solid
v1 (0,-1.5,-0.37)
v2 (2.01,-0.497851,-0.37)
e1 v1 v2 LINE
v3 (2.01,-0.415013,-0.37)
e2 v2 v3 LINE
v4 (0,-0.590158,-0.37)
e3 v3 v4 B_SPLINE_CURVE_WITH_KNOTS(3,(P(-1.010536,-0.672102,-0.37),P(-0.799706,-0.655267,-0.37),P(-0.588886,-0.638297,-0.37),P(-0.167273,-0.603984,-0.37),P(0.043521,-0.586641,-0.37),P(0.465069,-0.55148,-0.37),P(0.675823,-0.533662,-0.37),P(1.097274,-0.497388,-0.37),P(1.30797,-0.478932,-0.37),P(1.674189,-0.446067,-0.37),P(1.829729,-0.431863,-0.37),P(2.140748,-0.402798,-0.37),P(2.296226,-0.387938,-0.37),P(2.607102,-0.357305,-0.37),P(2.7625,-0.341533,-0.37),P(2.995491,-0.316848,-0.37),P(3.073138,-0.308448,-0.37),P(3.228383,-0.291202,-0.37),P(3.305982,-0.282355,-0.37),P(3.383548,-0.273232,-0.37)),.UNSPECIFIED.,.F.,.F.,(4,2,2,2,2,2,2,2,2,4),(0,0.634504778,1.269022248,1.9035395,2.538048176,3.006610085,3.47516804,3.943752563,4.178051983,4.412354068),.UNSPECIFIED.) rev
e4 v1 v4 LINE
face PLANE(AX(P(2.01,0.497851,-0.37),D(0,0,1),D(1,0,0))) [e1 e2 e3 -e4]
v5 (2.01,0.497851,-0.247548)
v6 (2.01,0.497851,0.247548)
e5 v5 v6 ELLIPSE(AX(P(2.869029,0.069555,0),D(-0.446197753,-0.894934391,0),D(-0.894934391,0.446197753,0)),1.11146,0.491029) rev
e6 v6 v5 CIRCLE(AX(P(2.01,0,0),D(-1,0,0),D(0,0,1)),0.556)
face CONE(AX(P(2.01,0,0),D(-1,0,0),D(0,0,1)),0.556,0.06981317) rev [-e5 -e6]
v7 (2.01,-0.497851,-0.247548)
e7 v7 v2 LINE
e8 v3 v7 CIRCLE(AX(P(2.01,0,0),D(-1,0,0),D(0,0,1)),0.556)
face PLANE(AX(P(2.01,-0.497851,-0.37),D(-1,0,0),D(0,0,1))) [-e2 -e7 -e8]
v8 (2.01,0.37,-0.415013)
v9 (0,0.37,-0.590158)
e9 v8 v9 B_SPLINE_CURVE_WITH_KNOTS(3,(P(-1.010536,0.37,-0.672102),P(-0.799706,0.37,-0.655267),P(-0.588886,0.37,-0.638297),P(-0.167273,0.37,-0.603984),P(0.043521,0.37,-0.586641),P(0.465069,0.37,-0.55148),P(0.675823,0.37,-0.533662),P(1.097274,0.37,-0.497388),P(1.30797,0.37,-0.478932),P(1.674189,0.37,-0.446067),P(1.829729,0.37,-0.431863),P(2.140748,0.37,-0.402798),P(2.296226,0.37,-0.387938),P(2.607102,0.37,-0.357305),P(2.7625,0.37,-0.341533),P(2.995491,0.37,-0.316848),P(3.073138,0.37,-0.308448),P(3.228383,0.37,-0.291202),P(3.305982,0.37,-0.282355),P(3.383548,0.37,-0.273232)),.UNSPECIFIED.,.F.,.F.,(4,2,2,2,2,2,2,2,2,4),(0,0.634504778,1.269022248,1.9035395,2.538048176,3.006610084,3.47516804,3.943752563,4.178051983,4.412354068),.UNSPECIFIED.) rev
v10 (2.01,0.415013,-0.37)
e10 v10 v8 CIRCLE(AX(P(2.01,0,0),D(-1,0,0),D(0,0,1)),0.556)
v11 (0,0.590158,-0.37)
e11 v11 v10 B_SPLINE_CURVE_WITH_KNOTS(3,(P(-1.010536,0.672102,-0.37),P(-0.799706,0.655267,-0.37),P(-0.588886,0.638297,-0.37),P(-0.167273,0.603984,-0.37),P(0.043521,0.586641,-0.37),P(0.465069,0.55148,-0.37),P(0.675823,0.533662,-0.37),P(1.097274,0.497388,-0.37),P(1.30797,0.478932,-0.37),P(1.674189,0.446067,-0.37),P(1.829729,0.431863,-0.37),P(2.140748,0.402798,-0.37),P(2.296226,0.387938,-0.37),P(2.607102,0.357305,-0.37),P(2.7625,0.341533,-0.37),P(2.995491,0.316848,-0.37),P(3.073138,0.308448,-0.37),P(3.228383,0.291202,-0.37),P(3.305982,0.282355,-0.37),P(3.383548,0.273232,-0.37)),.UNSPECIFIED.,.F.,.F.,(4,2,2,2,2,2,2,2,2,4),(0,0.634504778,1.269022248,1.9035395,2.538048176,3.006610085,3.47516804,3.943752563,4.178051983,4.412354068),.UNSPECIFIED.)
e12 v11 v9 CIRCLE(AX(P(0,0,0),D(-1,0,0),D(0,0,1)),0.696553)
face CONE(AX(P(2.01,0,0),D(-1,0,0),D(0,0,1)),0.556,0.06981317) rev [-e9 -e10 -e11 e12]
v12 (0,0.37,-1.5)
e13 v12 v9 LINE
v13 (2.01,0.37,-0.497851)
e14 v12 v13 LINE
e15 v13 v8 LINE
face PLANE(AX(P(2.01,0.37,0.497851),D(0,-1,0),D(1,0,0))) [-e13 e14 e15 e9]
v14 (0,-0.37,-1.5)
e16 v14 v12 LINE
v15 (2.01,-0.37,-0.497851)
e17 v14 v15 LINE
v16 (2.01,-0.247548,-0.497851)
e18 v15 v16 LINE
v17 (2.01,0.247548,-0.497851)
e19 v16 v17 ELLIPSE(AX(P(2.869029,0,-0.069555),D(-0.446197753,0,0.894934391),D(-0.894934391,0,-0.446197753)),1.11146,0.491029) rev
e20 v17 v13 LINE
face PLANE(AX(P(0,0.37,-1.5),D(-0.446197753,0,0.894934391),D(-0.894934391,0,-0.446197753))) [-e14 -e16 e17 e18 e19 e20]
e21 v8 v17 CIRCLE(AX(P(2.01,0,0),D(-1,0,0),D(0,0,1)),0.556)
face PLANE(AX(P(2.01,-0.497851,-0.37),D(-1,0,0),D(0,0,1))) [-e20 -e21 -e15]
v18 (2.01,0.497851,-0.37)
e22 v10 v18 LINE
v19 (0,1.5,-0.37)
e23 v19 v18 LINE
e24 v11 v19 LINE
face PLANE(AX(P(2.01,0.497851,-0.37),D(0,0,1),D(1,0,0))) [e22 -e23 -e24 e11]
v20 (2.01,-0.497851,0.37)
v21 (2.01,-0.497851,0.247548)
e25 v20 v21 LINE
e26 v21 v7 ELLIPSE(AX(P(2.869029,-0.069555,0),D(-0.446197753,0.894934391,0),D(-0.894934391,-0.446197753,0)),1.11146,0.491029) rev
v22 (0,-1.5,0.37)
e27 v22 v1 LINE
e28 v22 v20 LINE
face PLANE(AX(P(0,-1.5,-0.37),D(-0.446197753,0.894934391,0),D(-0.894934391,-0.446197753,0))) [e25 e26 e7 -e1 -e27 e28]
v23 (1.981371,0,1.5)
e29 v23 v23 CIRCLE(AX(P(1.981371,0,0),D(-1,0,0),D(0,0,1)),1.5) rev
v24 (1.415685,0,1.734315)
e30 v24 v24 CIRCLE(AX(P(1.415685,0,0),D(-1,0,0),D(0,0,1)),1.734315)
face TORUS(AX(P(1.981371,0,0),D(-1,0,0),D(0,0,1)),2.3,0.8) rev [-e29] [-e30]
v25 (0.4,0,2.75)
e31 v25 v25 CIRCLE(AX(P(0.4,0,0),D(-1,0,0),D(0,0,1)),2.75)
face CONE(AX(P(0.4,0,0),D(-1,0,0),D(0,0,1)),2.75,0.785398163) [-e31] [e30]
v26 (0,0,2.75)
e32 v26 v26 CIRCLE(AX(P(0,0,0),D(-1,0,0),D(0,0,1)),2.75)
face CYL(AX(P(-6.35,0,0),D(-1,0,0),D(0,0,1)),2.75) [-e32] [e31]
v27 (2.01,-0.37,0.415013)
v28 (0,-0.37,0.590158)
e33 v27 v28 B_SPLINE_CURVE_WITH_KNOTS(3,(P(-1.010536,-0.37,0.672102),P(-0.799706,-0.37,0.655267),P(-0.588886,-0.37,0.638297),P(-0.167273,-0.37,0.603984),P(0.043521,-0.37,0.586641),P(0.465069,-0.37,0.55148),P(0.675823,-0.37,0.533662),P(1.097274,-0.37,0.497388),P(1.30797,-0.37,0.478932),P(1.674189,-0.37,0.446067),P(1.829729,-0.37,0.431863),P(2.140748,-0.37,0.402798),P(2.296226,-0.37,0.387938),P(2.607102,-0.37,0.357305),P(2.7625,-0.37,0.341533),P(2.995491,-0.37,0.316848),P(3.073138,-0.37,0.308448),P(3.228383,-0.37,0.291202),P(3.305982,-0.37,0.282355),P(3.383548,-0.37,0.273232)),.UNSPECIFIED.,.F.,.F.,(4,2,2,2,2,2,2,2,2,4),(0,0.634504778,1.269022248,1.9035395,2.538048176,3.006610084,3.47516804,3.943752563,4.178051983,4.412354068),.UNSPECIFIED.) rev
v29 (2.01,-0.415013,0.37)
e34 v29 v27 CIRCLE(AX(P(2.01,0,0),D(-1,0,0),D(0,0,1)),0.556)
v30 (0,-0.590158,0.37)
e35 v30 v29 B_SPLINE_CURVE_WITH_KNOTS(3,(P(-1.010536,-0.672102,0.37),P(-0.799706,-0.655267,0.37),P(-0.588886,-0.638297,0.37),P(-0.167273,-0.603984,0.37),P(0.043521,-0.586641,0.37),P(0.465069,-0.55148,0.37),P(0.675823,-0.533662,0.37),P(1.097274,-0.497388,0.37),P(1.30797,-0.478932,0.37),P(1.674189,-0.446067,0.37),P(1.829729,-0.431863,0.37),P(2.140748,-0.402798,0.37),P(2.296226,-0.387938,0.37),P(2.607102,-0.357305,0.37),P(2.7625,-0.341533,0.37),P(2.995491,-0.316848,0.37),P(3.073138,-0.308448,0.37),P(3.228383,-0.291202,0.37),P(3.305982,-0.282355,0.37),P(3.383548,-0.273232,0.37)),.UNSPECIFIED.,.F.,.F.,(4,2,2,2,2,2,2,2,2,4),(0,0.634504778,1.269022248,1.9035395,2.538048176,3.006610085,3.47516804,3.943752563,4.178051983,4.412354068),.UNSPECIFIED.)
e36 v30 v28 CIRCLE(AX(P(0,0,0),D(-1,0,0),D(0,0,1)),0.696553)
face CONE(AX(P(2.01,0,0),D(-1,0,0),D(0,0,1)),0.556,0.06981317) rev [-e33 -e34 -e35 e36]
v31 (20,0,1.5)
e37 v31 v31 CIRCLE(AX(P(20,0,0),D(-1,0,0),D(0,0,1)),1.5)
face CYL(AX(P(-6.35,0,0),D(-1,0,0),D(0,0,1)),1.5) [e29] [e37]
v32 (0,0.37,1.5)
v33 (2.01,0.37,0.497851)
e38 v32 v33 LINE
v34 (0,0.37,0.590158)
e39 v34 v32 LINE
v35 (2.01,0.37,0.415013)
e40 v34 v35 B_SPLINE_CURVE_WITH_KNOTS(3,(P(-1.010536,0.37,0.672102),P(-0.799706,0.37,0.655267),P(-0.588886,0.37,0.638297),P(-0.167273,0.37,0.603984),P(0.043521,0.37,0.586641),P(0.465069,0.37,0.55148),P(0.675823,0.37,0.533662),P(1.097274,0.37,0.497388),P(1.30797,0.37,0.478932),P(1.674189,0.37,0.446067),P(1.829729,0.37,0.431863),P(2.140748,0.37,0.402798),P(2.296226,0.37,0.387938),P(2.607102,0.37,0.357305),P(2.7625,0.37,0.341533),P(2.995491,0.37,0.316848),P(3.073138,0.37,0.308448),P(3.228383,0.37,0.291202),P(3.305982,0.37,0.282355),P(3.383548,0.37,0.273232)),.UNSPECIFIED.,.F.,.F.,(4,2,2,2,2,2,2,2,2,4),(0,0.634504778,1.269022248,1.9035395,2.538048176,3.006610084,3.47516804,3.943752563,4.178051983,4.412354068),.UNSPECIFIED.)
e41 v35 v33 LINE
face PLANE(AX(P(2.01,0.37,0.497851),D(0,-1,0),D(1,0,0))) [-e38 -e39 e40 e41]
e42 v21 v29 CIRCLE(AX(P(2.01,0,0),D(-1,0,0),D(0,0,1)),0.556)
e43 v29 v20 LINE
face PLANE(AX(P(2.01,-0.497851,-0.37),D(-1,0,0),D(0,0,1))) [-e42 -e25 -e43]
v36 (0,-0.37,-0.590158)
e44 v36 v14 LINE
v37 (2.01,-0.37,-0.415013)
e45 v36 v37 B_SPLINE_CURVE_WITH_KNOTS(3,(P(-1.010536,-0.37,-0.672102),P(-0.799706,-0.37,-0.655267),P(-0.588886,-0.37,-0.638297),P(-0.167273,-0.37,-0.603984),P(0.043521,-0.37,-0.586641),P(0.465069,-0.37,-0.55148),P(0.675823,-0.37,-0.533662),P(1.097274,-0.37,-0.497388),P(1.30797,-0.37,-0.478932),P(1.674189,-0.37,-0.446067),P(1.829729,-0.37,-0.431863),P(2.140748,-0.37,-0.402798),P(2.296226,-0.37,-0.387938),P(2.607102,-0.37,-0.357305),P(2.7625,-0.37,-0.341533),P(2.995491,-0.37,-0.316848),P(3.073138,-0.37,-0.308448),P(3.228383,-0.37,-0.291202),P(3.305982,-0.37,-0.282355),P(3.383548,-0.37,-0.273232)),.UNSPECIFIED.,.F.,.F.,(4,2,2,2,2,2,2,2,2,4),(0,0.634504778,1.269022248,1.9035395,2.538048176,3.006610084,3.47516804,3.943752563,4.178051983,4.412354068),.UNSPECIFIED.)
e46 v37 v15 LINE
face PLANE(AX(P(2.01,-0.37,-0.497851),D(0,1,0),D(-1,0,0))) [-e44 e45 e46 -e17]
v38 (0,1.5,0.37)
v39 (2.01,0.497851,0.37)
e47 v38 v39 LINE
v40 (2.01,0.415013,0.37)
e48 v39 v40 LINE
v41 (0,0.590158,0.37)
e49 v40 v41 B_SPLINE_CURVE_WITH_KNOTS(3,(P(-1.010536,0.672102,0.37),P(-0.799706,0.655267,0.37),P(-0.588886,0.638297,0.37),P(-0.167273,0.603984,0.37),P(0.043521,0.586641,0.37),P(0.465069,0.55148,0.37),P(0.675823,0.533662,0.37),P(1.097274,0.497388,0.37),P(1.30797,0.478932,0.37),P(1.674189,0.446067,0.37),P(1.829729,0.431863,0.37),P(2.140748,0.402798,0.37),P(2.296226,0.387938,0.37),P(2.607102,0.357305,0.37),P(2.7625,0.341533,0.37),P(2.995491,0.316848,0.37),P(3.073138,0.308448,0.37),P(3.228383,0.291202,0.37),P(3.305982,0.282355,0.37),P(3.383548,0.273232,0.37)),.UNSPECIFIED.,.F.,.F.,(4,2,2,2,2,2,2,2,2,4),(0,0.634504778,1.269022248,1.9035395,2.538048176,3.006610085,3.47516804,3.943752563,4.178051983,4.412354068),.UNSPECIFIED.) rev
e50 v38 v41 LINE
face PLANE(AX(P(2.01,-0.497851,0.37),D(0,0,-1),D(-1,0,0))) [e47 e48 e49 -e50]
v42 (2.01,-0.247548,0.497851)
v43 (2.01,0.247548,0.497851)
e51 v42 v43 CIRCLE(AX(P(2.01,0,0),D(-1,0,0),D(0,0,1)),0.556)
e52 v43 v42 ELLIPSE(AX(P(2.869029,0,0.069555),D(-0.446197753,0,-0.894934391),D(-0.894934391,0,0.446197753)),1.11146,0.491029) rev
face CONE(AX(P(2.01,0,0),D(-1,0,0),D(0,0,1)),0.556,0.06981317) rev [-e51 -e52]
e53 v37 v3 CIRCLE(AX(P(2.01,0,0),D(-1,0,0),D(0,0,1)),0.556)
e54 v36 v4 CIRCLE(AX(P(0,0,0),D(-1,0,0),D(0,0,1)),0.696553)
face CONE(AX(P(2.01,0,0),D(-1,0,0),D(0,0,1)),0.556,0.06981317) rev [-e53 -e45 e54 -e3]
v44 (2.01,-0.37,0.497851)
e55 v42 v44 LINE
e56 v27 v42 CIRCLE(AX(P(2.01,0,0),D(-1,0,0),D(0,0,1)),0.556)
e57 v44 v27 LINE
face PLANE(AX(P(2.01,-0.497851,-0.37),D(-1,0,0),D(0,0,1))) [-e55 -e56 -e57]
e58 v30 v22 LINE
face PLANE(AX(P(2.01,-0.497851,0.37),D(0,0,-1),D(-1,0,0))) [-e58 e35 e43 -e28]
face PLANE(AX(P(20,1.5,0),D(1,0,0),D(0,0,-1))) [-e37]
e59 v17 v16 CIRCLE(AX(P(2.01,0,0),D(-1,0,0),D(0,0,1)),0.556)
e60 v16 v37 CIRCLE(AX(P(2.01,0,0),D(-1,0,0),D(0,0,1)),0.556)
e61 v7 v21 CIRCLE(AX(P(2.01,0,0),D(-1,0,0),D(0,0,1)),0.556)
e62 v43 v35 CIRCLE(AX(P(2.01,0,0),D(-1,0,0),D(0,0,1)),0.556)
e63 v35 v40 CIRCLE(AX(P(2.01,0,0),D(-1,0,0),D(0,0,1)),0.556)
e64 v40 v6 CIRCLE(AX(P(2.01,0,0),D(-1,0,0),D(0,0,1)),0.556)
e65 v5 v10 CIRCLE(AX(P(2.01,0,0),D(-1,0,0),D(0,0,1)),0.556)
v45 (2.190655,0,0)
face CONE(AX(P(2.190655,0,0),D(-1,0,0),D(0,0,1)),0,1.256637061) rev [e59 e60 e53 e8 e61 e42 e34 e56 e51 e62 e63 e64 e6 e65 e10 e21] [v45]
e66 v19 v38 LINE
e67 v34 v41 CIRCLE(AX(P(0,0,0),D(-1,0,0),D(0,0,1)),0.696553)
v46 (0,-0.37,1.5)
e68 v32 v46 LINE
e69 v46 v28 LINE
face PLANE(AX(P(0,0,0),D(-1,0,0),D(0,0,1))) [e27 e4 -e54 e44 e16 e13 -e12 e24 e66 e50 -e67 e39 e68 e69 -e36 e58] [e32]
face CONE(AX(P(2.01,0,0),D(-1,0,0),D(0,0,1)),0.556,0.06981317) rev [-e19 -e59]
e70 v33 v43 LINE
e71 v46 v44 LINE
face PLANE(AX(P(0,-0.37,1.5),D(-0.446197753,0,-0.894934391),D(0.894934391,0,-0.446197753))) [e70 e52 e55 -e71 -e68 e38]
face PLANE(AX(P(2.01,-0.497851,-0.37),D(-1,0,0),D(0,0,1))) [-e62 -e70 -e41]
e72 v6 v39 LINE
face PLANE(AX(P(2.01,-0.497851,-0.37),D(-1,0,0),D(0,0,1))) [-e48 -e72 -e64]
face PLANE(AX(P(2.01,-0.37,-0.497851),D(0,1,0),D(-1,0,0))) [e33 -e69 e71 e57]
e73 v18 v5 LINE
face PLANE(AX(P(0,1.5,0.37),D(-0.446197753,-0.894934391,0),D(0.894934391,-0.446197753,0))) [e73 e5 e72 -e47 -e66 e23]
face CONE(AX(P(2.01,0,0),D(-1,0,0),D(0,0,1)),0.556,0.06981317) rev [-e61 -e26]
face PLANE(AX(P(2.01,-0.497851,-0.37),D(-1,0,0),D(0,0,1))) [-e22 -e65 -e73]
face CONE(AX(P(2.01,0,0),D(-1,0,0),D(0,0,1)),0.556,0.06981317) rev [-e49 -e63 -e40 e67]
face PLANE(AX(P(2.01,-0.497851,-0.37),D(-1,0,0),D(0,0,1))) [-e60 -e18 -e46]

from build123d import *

# Parameters (mm, degrees)
FILLET1_R    = 0.8
RECPAT_COUNT = 2
RECPAT_ANGLE = 90


with BuildPart() as part:
    # BodySke → Base-Revolve (revolve)
    with BuildSketch(Plane.XY, mode=Mode.PRIVATE) as base_revolve_sk:
        Polygon((0, 0), (0, 2.75), (0.4, 2.75), (1.65, 1.5), (20, 1.5), (20, 0), align=None)
    revolve(base_revolve_sk.sketch.rotate(Axis((-6.35, 0, 0), (1, 0, 0)), 90), axis=Axis((-6.35, 0, 0), (1, 0, 0)))

    # Fillet1
    fillet1_edges = [part.edges().sort_by_distance(p)[0] for p in [
        (1.65, 0, -1.5),
    ]]
    fillet(fillet1_edges, radius=FILLET1_R)

    # Sketch3 → Recess section 0
    with BuildSketch(Plane.ZY):
        with BuildLine():
            Line((-0.37, 1.5), (0.37, 1.5))
            Line((0.37, 1.5), (0.37, -1.5))
            Line((0.37, -1.5), (-0.37, -1.5))
            Line((-0.37, -1.5), (-0.37, 1.5))
        make_face()
    # Sketch4 → Recess section 1
    with BuildSketch(Plane.ZY.offset(-2.01)):
        with BuildLine():
            Line((-0.37, 0.497851135), (0.37, 0.497851135))
            Line((0.37, 0.497851135), (0.37, -0.497851135))
            Line((0.37, -0.497851135), (-0.37, -0.497851135))
            Line((-0.37, -0.497851135), (-0.37, 0.497851135))
        make_face()
    recess = loft(mode=Mode.SUBTRACT)

    # RecPat: Recess ×2 about axis
    recpat_axis = Axis((0, 0, 0), (1, 0, 0))
    for i in range(1, RECPAT_COUNT):
        add(recess.rotate(recpat_axis, i * RECPAT_ANGLE / (RECPAT_COUNT - 1)), mode=Mode.SUBTRACT)

    # RecCorSke → RecessCore (revolve, cut)
    with BuildSketch(Plane.XY, mode=Mode.PRIVATE) as recesscore_sk:
        Polygon((0, 0), (0, 0.696552892), (2.01, 0.556), (2.190655351, 0), align=None)
    revolve(recesscore_sk.sketch.rotate(Axis((-3.175, 0, 0), (1, 0, 0)), 90), axis=Axis((-3.175, 0, 0), (1, 0, 0)), mode=Mode.SUBTRACT)


solid = part.part
